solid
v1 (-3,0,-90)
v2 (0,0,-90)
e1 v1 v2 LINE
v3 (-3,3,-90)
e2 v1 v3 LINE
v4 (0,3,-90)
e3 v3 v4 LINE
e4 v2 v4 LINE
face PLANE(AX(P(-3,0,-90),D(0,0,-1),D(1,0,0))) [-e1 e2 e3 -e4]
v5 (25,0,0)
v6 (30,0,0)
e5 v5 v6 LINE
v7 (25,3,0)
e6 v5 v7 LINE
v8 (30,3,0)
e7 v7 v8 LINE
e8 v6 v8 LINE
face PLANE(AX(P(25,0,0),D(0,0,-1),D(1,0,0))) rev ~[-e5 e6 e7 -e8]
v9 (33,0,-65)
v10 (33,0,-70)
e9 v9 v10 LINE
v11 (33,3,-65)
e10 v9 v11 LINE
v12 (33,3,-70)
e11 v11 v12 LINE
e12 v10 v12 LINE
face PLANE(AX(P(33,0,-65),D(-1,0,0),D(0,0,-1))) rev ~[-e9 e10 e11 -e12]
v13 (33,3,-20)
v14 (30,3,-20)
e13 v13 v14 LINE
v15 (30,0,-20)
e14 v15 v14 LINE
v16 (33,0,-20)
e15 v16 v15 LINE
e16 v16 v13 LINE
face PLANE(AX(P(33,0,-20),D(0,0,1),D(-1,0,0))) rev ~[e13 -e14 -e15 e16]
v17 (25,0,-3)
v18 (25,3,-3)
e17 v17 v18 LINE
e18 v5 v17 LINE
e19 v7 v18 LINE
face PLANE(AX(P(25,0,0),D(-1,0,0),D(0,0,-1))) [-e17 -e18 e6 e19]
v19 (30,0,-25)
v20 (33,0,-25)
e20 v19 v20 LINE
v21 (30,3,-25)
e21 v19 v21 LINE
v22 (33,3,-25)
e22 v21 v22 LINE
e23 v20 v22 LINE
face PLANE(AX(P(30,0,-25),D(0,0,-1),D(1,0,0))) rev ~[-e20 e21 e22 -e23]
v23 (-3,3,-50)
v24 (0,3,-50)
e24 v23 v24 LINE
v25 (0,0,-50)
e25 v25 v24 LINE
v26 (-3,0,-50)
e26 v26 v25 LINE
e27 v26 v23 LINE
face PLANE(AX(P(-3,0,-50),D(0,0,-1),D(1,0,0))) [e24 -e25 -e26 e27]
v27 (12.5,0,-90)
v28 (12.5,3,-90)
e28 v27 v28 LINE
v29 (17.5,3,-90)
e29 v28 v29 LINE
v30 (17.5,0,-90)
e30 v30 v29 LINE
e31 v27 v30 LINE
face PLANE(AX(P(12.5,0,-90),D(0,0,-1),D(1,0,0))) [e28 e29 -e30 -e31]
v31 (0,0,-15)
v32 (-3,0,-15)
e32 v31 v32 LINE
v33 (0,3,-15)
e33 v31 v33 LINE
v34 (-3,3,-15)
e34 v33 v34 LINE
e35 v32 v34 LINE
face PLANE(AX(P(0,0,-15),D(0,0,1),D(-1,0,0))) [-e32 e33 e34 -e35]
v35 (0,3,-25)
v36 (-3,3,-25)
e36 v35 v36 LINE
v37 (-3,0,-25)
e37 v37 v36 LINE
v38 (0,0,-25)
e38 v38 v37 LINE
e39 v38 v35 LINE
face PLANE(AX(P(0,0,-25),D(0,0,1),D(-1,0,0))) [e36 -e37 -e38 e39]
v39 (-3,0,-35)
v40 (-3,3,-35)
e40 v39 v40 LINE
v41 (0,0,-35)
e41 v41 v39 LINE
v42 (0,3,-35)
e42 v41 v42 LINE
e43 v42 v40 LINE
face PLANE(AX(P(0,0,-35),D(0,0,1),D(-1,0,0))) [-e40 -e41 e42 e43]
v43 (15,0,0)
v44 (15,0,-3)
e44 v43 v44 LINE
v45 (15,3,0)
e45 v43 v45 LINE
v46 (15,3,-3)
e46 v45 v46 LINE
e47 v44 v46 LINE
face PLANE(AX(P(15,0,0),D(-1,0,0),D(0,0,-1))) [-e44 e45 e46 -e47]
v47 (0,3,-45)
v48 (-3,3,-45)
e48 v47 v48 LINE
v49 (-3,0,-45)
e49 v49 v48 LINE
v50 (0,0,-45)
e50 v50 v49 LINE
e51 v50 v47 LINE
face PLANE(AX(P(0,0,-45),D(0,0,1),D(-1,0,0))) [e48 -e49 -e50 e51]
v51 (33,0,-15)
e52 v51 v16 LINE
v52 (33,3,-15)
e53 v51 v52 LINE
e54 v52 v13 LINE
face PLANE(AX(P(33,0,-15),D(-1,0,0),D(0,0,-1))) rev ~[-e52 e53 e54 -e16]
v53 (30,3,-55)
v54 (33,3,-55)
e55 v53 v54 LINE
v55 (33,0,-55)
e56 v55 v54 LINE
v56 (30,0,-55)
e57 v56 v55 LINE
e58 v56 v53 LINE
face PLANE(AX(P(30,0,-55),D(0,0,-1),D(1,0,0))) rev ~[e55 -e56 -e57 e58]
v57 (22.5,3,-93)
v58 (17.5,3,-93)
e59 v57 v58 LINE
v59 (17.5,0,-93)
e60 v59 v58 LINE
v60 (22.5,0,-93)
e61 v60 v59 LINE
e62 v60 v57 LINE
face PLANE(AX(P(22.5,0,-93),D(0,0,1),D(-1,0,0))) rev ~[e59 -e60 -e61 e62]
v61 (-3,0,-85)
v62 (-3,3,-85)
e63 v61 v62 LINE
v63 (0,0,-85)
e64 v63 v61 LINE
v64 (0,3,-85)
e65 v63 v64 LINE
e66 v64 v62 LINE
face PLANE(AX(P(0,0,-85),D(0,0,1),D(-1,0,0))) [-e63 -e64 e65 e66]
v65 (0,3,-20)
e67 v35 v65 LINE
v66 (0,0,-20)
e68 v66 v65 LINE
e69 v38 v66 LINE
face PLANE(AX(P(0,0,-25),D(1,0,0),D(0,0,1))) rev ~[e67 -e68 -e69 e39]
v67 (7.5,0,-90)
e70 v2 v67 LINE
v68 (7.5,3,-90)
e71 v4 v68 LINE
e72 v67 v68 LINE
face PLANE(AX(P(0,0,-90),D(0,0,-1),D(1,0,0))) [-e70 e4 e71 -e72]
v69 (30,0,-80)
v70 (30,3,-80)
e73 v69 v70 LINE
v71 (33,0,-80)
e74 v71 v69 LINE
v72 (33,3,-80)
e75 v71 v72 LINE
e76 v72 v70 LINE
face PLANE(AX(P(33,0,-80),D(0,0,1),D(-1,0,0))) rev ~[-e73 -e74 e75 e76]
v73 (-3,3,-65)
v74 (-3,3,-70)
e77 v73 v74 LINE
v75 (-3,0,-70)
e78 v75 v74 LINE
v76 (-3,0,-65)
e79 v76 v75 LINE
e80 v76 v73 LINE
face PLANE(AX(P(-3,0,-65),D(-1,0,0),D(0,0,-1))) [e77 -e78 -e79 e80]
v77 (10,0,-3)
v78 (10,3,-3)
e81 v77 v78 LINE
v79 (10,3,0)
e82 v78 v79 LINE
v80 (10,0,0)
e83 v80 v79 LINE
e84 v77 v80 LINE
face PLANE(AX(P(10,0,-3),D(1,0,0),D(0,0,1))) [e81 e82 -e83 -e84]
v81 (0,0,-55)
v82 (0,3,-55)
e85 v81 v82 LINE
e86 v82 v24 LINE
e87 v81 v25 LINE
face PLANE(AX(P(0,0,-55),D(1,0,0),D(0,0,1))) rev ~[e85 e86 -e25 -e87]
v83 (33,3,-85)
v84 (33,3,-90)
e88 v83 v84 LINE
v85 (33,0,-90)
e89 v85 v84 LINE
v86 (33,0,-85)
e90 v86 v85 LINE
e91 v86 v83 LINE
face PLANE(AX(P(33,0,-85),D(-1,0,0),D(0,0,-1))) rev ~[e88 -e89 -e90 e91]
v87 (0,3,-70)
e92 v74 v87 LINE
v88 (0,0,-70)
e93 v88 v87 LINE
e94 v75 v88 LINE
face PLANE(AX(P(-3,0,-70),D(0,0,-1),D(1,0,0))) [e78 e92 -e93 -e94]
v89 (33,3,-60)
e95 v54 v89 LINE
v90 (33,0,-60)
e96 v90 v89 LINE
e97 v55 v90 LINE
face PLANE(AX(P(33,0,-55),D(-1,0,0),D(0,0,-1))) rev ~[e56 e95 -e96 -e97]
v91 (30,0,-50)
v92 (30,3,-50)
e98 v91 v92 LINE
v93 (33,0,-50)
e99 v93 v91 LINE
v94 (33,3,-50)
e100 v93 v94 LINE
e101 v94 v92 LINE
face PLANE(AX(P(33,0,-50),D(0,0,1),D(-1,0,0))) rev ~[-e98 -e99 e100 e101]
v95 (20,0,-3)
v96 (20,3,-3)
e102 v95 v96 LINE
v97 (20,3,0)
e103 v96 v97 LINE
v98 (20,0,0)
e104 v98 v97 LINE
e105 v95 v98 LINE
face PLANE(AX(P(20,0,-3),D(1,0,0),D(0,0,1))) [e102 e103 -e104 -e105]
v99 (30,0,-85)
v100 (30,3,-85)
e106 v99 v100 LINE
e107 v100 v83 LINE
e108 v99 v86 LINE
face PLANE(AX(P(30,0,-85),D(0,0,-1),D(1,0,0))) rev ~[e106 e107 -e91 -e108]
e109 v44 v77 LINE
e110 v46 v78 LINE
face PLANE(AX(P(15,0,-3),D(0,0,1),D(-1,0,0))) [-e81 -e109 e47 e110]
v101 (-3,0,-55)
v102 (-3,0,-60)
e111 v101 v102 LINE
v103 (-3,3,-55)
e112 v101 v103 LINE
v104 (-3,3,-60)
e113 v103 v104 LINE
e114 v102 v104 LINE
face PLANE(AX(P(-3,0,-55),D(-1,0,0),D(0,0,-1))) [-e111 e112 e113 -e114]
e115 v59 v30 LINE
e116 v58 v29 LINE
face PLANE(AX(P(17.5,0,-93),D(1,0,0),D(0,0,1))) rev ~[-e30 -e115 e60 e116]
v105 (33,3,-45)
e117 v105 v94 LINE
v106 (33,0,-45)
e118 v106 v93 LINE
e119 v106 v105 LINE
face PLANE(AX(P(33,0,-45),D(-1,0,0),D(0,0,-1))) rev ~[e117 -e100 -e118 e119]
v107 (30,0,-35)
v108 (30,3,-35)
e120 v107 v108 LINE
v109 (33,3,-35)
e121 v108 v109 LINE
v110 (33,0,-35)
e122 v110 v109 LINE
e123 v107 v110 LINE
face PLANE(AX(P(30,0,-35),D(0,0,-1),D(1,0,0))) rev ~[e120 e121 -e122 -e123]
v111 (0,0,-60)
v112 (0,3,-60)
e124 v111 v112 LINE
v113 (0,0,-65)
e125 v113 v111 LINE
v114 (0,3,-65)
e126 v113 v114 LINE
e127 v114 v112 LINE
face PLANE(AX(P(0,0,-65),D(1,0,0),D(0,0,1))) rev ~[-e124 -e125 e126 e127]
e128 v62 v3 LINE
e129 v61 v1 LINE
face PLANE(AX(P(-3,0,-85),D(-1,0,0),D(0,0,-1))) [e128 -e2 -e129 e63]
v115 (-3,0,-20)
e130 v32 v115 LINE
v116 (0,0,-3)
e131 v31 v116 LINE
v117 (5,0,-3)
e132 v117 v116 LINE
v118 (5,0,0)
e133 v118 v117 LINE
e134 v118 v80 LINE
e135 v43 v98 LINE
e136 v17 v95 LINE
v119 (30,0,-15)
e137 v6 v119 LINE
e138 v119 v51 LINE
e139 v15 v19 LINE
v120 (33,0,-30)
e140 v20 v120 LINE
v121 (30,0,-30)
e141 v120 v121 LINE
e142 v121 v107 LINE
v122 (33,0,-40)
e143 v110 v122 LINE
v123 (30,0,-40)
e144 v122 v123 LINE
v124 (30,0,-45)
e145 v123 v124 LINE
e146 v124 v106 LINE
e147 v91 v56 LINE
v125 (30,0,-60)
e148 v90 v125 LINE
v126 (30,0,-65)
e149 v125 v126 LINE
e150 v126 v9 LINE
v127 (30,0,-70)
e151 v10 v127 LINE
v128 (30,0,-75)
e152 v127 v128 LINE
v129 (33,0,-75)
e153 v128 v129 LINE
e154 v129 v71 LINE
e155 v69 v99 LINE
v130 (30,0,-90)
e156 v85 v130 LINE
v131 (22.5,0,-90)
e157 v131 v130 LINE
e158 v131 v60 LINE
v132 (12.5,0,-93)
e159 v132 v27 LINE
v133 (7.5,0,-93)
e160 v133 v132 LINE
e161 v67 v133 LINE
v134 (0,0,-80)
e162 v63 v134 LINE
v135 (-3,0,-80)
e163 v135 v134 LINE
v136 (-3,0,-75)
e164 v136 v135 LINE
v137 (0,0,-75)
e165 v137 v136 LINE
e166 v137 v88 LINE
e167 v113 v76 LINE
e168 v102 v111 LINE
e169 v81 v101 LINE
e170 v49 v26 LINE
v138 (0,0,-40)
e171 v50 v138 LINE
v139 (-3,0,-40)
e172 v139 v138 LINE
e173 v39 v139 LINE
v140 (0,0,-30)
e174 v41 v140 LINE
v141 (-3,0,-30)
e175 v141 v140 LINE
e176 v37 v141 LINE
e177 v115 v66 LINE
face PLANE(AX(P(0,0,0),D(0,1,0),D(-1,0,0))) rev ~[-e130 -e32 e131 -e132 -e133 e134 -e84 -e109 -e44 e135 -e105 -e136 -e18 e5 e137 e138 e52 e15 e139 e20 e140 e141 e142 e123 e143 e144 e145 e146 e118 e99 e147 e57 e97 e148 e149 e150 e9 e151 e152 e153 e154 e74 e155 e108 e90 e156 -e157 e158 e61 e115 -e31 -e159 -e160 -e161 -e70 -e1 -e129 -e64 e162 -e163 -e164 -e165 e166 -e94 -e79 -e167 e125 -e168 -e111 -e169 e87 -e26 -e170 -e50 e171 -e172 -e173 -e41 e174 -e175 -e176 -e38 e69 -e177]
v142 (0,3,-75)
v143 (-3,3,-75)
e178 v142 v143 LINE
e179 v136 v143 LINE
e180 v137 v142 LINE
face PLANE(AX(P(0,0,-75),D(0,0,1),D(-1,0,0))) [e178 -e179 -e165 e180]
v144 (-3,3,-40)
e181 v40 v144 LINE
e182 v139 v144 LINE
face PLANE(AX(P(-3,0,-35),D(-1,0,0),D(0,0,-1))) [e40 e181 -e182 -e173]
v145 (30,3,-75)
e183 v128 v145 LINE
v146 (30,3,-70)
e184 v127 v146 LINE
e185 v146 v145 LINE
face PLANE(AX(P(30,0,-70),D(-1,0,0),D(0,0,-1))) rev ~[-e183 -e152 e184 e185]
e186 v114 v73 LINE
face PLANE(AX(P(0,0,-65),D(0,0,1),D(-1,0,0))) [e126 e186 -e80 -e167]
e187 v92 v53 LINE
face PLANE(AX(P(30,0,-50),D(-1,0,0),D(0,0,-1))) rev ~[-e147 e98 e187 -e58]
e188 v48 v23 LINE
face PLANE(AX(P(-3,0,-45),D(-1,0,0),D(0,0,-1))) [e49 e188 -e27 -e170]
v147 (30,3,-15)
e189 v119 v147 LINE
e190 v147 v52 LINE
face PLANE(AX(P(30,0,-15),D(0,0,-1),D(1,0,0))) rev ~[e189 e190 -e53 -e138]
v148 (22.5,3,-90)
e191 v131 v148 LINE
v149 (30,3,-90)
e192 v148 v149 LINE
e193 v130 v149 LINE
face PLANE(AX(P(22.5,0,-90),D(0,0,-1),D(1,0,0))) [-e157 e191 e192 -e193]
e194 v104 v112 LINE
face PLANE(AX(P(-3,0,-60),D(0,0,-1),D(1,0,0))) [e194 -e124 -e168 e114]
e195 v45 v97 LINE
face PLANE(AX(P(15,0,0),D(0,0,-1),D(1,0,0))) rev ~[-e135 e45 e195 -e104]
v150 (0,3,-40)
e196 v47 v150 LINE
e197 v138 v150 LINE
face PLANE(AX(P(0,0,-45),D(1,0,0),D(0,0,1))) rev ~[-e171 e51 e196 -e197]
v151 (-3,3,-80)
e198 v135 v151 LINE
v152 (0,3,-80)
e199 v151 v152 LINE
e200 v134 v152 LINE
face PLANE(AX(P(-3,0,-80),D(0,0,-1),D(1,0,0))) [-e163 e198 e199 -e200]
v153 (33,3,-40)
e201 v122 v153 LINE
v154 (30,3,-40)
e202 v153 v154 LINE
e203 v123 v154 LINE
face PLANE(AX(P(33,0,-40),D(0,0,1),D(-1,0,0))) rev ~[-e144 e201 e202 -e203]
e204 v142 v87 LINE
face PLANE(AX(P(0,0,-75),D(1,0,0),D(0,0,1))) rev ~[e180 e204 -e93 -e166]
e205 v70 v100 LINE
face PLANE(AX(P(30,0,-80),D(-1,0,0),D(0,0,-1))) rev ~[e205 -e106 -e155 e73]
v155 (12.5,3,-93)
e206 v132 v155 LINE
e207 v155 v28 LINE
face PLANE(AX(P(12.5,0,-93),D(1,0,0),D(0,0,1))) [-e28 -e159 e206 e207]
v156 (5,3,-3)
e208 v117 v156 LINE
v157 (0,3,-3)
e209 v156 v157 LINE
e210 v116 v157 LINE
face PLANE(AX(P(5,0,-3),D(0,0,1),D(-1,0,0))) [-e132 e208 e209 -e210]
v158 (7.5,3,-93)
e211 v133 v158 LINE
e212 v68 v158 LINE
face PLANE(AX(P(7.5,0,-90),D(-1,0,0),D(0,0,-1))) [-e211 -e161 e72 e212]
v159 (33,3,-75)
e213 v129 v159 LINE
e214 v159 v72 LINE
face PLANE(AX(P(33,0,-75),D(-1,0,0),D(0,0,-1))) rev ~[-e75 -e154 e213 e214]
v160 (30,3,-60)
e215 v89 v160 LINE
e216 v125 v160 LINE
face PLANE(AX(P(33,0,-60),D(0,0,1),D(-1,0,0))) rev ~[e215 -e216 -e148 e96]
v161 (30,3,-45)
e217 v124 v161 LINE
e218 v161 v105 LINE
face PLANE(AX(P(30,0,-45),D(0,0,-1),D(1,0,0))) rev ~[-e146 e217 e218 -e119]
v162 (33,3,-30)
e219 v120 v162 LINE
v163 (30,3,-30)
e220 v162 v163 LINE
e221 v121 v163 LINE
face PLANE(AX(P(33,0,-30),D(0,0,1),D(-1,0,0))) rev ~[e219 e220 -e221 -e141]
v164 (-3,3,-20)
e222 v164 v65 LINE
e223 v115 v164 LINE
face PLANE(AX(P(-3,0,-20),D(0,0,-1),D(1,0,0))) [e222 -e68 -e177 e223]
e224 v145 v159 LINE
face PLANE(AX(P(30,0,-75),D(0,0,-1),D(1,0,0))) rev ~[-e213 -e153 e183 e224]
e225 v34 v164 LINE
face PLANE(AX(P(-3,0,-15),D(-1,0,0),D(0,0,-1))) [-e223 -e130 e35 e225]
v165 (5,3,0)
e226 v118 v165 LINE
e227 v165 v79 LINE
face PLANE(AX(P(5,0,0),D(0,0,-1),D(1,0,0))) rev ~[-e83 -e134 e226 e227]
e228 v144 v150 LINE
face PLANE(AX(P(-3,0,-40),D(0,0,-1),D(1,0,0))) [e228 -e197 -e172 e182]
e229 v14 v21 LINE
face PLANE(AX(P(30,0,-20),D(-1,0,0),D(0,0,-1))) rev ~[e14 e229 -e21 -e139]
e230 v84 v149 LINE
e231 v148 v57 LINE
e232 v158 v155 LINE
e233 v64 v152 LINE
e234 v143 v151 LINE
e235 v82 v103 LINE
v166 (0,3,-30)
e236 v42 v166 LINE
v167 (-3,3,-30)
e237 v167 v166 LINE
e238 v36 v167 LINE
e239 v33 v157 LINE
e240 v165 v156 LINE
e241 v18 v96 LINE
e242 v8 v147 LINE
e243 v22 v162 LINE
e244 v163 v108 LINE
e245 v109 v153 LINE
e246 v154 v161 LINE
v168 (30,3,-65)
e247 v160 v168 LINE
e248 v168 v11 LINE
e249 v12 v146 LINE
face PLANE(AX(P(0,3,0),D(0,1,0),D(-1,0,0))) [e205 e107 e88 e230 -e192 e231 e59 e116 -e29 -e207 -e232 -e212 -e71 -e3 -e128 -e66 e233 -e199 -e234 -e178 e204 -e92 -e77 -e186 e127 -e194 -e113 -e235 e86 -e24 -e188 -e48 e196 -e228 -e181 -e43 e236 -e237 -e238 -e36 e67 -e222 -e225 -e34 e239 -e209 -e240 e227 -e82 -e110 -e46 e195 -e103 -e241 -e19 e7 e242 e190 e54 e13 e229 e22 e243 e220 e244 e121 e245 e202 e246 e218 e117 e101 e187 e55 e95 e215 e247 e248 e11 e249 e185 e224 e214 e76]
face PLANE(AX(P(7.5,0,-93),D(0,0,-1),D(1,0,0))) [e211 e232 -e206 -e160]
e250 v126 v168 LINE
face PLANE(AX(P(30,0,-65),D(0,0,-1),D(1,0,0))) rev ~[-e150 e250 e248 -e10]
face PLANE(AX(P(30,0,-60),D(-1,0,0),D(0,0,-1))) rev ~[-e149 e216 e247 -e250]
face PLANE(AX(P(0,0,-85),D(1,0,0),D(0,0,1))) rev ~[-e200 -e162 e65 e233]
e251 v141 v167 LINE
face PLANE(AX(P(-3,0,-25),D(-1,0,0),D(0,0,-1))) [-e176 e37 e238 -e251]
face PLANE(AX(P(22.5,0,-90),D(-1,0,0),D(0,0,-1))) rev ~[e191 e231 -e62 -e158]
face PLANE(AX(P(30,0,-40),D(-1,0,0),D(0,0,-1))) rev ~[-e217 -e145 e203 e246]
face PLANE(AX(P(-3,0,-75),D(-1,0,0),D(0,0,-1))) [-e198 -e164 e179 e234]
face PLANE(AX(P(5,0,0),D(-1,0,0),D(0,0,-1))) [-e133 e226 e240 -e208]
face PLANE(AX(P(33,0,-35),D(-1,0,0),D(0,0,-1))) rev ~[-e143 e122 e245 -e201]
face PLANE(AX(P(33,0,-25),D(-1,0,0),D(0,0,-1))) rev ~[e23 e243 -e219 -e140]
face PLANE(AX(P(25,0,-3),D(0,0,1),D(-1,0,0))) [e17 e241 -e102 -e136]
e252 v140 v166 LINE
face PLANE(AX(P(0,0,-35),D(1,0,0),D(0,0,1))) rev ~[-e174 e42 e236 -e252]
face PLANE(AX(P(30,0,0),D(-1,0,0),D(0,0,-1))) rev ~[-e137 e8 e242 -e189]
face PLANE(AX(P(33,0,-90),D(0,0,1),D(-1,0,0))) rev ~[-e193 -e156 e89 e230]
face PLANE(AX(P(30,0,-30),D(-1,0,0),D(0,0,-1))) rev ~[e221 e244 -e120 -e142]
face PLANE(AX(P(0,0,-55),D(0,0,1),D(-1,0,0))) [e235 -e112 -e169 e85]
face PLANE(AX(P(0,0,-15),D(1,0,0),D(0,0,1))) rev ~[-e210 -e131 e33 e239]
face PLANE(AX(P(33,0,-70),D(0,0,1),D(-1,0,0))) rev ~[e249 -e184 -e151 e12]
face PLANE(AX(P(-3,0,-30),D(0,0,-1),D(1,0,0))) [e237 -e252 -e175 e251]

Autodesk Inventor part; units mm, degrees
ref_plane "YZ Plane" through (0, 0, 0) normal (1, 0, 0) x (0, 1, 0)
ref_plane "XZ Plane" through (0, 0, 0) normal (0, 1, 0) x (-1, 0, 0)
ref_plane "XY Plane" through (0, 0, 0) normal (0, 0, 1) x (1, 0, 0)
sketch "Sketch1" plane through (0, 0, 0) normal (0, 1, 0) x (-1, 0, 0)
  line L0 (-30, -15) -> (-33, -15)
  line L1 (-33, -15) -> (-33, -20)
  line L2 (-33, -20) -> (-30, -20)
  line L3 (-30, 0) -> (-30, -15)
  line L4 (-30, -25) -> (-33, -25)
  line L5 (-33, -25) -> (-33, -30)
  line L6 (-33, -30) -> (-30, -30)
  line L7 (-30, -35) -> (-33, -35)
  line L8 (-33, -35) -> (-33, -40)
  line L9 (-33, -40) -> (-30, -40)
  line L10 (-30, -45) -> (-33, -45)
  line L11 (-33, -45) -> (-33, -50)
  line L12 (-33, -50) -> (-30, -50)
  line L13 (-30, -55) -> (-33, -55)
  line L14 (-33, -55) -> (-33, -60)
  line L15 (-33, -60) -> (-30, -60)
  line L16 (-30, -65) -> (-33, -65)
  line L17 (-33, -65) -> (-33, -70)
  line L18 (-33, -70) -> (-30, -70)
  line L19 (-30, -75) -> (-33, -75)
  line L20 (-33, -75) -> (-33, -80)
  line L21 (-33, -80) -> (-30, -80)
  line L22 (-30, -20) -> (-30, -25)
  line L23 (-30, -30) -> (-30, -35)
  line L24 (-30, -40) -> (-30, -45)
  line L25 (-30, -50) -> (-30, -55)
  line L26 (-30, -60) -> (-30, -65)
  line L27 (-30, -70) -> (-30, -75)
  line L28 (0, -15) -> (3, -15)
  line L29 (3, -15) -> (3, -20)
  line L30 (3, -20) -> (0, -20)
  line L31 (0, -15) -> (0, -3)
  line L32 (0, -25) -> (3, -25)
  line L33 (3, -25) -> (3, -30)
  line L34 (3, -30) -> (0, -30)
  line L35 (0, -35) -> (3, -35)
  line L36 (3, -35) -> (3, -40)
  line L37 (3, -40) -> (0, -40)
  line L38 (0, -45) -> (3, -45)
  line L39 (3, -45) -> (3, -50)
  line L40 (3, -50) -> (0, -50)
  line L41 (0, -55) -> (3, -55)
  line L42 (3, -55) -> (3, -60)
  line L43 (3, -60) -> (0, -60)
  line L44 (0, -65) -> (3, -65)
  line L45 (3, -65) -> (3, -70)
  line L46 (3, -70) -> (0, -70)
  line L47 (0, -75) -> (3, -75)
  line L48 (3, -75) -> (3, -80)
  line L49 (3, -80) -> (0, -80)
  line L50 (0, -25) -> (0, -20)
  line L51 (0, -35) -> (0, -30)
  line L52 (0, -45) -> (0, -40)
  line L53 (0, -55) -> (0, -50)
  line L54 (0, -65) -> (0, -60)
  line L55 (0, -75) -> (0, -70)
  line L56 (-25, 0) -> (-25, -3)
  line L57 (-25, -3) -> (-20, -3)
  line L58 (-20, -3) -> (-20, 0)
  line L59 (-25, 0) -> (-30, 0)
  line L60 (-15, 0) -> (-15, -3)
  line L61 (-15, -3) -> (-10, -3)
  line L62 (-10, -3) -> (-10, 0)
  line L63 (-5, 0) -> (-5, -3)
  line L64 (-5, -3) -> (0, -3)
  line L65 (-5, 0) -> (-10, 0)
  line L66 (-15, 0) -> (-20, 0)
  line L67 (0, -85) -> (3, -85)
  line L68 (3, -85) -> (3, -90)
  line L69 (3, -90) -> (0, -90)
  line L70 (-30, -85) -> (-33, -85)
  line L71 (-33, -85) -> (-33, -90)
  line L72 (-33, -90) -> (-30, -90)
  line L73 (0, -85) -> (0, -80)
  line L74 (-30, -80) -> (-30, -85)
  line L75 (-7.5, -90) -> (-7.5, -93)
  line L76 (-7.5, -93) -> (-12.5, -93)
  line L77 (-12.5, -93) -> (-12.5, -90)
  line L78 (-22.5, -90) -> (-22.5, -93)
  line L79 (-22.5, -93) -> (-17.5, -93)
  line L80 (-17.5, -93) -> (-17.5, -90)
  line L81 (0, -90) -> (-7.5, -90)
  line L82 (-12.5, -90) -> (-17.5, -90)
  line L83 (-22.5, -90) -> (-30, -90)
  point P0 (0, 0)
  dimension "d11" = 10
  dimension "d14" = 10
  dimension "d22" = 10
  dimension "d25" = 10
  dimension "d2" = 15
  dimension "d3" = 5
  dimension "d4" = 3
  dimension "d16" = 15
  dimension "d17" = 5
  dimension "d19" = 3
  dimension "d27" = 30
  dimension "d28" = 3
  dimension "d29" = 5
  dimension "d30" = 3
  dimension "d31" = 7.5
extrude "Extrusion1" add sketch "Sketch1" along normal blind 3
equation "\"d4\" = x"
equation "\"d19\" = x"
equation "\"d28\" = x"
equation "\"d30\" = x"
equation "\"x\" = 3"
properties part number "Lateral_wall" material "Wood (Birch)"
